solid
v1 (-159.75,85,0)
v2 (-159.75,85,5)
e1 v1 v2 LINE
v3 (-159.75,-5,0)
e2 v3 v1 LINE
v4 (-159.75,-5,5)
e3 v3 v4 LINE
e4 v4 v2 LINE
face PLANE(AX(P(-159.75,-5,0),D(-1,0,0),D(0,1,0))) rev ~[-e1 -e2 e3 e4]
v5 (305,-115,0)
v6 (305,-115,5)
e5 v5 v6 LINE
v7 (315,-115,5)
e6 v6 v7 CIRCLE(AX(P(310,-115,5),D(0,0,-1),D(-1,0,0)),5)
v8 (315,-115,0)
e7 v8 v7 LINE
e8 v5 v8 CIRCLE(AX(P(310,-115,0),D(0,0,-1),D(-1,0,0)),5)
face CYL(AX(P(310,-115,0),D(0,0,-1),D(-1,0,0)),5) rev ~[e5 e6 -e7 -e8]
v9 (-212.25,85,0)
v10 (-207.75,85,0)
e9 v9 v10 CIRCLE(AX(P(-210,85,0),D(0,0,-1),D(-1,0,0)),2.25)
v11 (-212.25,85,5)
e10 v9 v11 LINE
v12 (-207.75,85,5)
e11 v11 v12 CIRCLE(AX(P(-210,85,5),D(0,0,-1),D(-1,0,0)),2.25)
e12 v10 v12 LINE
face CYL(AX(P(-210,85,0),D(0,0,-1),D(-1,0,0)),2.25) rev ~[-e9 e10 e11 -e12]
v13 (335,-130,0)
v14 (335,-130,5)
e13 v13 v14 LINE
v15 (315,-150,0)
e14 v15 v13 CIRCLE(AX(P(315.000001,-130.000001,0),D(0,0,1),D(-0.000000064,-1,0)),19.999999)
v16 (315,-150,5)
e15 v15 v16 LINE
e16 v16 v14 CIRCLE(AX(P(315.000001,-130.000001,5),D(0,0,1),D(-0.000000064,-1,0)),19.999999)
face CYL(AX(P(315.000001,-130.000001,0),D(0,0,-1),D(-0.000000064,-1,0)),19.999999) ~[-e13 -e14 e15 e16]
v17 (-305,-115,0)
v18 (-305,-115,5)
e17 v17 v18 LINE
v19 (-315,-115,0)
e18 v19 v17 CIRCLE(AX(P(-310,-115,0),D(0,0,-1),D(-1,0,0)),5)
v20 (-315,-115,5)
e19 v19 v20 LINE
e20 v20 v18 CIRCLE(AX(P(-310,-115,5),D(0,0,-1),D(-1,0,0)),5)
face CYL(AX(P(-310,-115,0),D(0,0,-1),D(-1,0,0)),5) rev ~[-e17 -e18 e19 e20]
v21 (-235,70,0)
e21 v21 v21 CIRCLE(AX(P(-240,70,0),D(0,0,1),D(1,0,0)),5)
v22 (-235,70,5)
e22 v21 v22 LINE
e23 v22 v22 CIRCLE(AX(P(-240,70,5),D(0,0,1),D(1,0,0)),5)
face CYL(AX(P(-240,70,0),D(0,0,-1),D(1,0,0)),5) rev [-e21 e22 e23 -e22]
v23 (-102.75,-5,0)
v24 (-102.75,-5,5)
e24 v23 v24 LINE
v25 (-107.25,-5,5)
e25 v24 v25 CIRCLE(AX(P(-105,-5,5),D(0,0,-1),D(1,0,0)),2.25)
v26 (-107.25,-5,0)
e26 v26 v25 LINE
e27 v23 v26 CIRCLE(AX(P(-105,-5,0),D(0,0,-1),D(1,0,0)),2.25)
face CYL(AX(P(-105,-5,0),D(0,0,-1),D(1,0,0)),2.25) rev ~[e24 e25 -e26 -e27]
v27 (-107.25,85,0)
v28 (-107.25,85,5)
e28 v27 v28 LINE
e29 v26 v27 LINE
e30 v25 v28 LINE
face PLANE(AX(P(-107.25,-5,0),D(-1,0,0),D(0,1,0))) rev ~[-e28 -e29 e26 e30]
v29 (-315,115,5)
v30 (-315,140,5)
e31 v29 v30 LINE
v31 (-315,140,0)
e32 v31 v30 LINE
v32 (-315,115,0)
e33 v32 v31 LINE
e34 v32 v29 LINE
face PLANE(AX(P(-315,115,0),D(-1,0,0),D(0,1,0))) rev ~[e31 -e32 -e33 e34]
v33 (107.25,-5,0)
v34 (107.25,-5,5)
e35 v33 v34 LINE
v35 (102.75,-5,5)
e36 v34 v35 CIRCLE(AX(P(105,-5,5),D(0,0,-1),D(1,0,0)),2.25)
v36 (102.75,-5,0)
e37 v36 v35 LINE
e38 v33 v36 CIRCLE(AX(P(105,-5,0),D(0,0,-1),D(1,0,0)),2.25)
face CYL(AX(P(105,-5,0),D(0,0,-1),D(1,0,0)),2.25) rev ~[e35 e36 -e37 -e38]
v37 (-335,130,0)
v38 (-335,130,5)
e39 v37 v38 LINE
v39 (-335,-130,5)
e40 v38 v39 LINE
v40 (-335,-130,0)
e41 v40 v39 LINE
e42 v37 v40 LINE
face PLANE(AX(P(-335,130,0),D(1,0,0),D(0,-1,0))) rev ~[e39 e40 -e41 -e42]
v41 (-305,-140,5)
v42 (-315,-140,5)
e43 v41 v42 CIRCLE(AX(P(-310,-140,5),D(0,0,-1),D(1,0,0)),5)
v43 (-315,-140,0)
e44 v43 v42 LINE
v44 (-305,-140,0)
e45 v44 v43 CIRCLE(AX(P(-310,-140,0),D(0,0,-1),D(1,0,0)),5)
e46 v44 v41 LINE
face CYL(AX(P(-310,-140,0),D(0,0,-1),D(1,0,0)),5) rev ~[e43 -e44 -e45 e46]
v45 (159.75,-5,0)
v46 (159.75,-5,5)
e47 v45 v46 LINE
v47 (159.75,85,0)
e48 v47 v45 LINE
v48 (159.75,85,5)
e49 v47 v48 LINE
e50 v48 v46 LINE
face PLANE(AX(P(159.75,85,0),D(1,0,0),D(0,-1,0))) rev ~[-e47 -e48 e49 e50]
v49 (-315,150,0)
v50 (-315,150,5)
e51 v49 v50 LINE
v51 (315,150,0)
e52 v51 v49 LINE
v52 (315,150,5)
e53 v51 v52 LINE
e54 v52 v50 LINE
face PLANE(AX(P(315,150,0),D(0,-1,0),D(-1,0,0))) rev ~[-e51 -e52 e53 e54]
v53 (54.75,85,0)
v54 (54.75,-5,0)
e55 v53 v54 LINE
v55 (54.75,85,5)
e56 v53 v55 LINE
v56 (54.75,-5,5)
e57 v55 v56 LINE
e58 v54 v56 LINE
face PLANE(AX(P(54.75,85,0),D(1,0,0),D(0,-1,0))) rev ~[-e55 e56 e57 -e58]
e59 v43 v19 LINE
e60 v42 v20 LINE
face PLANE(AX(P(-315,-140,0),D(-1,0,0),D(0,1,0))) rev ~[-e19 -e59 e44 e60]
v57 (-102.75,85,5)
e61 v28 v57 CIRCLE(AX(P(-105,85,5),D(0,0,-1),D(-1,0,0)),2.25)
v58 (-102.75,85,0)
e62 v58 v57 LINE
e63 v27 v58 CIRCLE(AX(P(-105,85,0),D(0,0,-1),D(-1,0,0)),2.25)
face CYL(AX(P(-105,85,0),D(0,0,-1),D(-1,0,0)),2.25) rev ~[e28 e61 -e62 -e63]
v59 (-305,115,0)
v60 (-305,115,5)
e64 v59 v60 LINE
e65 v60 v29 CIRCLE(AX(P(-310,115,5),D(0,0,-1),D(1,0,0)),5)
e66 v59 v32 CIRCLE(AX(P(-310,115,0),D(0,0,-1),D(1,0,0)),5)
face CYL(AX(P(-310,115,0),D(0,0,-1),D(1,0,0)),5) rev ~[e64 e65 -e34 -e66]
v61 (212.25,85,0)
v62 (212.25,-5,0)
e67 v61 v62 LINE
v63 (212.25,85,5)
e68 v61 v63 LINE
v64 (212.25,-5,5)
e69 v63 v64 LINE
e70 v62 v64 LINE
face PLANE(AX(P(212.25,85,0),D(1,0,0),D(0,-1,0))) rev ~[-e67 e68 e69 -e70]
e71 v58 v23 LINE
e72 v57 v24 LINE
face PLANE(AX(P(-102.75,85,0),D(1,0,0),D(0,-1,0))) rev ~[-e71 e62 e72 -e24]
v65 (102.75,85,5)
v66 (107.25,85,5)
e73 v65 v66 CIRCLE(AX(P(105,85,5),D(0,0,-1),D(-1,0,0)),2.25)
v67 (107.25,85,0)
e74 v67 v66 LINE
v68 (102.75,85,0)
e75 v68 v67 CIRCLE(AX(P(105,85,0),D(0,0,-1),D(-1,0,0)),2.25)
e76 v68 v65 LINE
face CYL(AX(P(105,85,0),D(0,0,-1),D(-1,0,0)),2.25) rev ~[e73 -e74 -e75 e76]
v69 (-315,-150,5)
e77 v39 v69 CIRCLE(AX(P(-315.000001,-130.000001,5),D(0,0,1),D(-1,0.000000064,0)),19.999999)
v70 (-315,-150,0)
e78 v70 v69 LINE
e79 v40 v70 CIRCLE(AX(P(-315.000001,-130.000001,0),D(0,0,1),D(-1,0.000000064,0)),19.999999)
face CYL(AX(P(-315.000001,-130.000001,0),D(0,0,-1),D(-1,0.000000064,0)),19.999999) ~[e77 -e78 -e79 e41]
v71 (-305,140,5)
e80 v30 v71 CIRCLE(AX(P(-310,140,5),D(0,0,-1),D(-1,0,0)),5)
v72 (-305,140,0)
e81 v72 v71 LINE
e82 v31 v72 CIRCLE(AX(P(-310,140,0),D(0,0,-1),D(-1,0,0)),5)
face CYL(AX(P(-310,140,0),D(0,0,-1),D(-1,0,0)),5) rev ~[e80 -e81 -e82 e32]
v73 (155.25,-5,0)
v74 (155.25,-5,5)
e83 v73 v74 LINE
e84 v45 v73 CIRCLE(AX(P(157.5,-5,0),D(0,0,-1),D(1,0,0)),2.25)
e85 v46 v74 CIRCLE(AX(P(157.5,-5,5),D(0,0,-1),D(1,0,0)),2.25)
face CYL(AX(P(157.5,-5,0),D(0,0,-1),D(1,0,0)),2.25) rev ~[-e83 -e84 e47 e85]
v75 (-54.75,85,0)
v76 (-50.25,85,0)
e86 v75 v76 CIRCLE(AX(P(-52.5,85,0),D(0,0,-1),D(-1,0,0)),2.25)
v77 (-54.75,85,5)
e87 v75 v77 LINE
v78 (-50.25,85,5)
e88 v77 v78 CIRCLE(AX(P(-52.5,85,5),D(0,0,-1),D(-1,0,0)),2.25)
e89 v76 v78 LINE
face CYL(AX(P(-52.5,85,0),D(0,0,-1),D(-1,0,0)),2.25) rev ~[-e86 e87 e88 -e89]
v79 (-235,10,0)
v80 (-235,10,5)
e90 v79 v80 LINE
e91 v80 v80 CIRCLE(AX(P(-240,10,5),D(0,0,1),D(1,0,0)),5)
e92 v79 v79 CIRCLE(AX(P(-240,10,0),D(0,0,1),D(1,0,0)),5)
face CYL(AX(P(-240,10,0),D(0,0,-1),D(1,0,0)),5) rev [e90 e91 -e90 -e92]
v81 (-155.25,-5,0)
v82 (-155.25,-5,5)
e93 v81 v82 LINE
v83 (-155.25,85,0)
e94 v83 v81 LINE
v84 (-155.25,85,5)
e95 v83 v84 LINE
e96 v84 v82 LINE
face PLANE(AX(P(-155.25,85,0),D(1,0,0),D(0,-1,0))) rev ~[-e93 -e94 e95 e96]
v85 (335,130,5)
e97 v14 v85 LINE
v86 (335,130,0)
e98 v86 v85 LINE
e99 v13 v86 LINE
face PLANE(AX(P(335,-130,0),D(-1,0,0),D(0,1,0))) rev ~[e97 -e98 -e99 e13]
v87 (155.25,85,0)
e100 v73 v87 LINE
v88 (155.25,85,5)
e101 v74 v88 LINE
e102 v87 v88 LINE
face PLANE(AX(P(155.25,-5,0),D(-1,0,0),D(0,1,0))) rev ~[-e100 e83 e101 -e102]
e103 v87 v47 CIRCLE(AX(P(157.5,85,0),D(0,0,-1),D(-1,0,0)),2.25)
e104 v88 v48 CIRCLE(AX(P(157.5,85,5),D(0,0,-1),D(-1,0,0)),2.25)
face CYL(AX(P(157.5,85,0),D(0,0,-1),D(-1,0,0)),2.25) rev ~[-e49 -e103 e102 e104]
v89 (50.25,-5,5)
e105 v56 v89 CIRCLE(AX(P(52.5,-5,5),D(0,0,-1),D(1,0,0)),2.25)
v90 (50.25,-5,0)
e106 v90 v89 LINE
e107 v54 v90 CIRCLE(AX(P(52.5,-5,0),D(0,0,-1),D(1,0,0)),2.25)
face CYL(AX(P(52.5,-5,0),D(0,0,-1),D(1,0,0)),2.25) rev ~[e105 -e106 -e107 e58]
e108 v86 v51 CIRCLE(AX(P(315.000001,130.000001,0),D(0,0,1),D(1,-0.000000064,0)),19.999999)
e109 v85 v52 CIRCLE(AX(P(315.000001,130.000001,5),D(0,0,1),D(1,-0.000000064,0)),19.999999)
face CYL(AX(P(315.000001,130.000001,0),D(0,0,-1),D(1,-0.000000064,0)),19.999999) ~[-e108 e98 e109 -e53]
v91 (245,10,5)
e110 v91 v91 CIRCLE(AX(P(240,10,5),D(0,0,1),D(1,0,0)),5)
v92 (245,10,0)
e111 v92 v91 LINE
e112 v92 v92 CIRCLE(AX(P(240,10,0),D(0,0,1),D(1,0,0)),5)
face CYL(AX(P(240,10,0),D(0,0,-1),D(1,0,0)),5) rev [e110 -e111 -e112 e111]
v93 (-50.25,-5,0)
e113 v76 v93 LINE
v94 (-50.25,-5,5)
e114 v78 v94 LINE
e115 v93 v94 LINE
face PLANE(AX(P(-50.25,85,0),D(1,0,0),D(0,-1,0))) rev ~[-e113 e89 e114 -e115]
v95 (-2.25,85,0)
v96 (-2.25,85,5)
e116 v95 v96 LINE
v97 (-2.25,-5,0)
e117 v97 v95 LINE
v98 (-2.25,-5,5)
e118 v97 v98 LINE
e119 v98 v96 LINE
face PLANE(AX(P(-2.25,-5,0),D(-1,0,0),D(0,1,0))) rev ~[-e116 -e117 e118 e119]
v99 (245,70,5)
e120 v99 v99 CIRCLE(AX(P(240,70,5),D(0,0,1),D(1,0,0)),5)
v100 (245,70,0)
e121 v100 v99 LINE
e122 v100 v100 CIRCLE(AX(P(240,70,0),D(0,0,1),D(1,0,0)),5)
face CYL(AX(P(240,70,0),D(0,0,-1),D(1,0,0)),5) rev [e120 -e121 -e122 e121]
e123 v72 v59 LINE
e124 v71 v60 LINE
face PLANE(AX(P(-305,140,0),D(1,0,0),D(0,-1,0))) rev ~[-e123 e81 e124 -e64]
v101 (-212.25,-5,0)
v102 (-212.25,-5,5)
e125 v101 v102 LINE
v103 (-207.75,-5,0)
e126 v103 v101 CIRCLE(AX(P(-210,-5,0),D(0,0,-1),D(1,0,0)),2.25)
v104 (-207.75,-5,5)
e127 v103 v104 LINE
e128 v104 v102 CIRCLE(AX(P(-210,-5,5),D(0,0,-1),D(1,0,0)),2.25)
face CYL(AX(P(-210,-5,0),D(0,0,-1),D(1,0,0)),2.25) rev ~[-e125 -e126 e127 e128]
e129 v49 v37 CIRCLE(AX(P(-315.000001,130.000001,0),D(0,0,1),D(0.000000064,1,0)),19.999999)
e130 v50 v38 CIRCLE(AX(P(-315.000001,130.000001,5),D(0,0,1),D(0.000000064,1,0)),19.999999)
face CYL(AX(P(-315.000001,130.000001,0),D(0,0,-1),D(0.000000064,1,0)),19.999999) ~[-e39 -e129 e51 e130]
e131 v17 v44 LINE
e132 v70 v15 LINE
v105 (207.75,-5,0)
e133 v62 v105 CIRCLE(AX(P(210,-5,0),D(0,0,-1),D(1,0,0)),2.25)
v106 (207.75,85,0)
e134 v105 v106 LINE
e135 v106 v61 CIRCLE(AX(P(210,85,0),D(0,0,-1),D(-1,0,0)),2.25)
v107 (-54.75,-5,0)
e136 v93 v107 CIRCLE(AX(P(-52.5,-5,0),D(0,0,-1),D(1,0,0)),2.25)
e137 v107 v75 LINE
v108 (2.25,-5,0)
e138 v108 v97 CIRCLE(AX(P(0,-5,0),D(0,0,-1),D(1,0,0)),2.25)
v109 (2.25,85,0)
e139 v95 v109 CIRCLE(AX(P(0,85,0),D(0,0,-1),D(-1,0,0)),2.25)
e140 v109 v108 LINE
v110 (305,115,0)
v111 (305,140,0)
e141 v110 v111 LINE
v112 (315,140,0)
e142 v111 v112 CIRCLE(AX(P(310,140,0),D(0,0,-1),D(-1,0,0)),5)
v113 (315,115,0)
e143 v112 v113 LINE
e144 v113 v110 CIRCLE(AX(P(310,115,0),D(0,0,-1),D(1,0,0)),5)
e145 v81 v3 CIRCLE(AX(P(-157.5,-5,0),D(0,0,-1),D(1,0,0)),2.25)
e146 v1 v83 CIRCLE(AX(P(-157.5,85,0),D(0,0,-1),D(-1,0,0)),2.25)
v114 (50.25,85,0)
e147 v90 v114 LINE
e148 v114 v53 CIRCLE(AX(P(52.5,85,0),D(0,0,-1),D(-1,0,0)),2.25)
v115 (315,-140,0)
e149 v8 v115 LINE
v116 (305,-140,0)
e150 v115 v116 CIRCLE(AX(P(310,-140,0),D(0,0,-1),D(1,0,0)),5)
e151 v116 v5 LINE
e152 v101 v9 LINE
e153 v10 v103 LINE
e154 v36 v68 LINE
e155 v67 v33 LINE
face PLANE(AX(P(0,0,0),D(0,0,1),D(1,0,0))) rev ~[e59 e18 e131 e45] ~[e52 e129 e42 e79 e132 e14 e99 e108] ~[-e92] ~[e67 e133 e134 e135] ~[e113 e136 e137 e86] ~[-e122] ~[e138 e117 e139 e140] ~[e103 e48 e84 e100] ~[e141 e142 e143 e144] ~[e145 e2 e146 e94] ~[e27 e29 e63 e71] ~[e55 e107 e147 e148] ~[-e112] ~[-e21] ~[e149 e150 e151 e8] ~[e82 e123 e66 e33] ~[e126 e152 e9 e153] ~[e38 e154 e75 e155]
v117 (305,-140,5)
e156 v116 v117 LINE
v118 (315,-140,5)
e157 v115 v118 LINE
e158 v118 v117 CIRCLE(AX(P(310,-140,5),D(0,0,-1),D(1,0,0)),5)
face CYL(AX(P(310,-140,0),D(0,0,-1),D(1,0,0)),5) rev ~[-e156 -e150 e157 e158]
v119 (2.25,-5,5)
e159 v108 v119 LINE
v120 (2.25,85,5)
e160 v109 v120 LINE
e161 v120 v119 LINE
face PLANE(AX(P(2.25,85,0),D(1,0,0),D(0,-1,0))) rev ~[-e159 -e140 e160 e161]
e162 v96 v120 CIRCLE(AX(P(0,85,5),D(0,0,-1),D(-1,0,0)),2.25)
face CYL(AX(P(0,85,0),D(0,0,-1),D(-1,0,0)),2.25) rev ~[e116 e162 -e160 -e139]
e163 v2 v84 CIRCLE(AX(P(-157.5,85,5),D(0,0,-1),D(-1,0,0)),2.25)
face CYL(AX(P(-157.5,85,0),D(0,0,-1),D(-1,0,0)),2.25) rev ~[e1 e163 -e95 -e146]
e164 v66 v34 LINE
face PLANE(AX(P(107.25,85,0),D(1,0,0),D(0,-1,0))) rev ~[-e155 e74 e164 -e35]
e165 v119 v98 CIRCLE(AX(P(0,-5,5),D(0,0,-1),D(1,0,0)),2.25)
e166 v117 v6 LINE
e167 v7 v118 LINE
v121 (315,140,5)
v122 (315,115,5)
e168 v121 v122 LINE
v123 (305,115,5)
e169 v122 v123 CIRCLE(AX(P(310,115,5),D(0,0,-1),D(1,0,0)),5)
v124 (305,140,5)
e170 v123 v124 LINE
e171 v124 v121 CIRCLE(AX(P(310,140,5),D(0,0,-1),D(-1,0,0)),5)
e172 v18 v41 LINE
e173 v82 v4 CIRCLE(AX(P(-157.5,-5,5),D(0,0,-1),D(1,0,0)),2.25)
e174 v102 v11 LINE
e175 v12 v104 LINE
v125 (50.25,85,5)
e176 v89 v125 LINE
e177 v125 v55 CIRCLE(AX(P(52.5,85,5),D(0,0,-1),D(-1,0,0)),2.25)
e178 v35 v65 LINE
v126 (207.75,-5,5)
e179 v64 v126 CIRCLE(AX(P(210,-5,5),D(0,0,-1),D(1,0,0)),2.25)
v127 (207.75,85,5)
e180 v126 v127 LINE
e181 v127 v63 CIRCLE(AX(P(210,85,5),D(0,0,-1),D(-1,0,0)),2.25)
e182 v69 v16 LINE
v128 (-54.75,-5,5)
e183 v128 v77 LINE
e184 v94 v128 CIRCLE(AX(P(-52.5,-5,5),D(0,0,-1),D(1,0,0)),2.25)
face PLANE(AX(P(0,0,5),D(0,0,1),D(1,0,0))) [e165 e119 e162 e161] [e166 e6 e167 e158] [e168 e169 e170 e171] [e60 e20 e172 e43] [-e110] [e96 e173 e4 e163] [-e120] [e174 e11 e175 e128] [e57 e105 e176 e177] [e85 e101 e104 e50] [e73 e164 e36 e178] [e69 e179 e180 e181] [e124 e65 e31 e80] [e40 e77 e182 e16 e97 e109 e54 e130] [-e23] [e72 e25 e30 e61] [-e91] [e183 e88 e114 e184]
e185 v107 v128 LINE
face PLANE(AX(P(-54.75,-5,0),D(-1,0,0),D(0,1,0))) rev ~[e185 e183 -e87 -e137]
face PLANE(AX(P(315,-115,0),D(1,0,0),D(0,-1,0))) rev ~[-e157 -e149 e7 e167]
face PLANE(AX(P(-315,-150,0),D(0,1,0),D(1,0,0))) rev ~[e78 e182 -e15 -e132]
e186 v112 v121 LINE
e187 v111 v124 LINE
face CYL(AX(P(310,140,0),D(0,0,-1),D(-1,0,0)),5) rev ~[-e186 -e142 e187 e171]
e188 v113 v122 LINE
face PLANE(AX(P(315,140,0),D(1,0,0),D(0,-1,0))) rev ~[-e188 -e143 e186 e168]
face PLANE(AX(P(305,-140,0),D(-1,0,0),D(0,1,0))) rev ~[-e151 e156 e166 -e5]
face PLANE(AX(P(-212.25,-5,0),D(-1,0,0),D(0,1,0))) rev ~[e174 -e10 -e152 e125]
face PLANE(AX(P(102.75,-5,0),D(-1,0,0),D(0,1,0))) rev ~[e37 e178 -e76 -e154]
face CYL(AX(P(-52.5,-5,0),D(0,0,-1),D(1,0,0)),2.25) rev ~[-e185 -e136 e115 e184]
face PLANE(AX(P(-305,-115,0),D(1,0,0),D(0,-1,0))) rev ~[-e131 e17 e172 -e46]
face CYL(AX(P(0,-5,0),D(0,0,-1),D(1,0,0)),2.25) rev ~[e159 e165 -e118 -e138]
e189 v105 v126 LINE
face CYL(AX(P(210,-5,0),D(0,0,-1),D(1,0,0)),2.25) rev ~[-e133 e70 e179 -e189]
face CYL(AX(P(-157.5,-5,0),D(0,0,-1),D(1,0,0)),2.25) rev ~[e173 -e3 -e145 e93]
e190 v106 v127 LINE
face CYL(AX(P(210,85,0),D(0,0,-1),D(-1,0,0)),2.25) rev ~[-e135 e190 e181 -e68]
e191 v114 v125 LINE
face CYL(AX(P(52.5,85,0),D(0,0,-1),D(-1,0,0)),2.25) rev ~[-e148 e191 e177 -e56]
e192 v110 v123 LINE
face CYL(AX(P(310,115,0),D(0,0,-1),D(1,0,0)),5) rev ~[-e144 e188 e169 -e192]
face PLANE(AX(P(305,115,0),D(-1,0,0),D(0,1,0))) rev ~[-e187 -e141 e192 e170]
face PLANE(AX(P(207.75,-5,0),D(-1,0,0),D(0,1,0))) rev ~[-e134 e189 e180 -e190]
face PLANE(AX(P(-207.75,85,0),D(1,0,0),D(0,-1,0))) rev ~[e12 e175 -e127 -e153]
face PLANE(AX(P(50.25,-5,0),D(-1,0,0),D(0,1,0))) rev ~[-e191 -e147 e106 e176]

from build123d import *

# Parameters (mm, degrees)
F0_R     = 5
F1_DEPTH = 5


with BuildPart() as f1:
    # F0 (on Top) → F1 (new body)
    with BuildSketch(Plane.XY):
        with BuildLine():
            Line((315, 150), (-315, 150))
            ThreePointArc((-315, 150), (-329.142136, 144.142136), (-335, 130))
            Line((-335, 130), (-335, -130))
            ThreePointArc((-335, -130), (-329.142136, -144.142136), (-315, -150))
            Line((-315, -150), (315, -150))
            ThreePointArc((315, -150), (329.142136, -144.142136), (335, -130))
            Line((335, -130), (335, 130))
            ThreePointArc((335, 130), (329.142136, 144.142136), (315, 150))
        make_face()
        with BuildLine():
            Line((-315, -140), (-315, -115))
            ThreePointArc((-315, -115), (-310, -110), (-305, -115))
            Line((-305, -115), (-305, -140))
            ThreePointArc((-305, -140), (-310, -145), (-315, -140))
        make_face(mode=Mode.SUBTRACT)
        with BuildLine():
            ThreePointArc((305, -115), (310, -110), (315, -115))
            Line((315, -115), (315, -140))
            ThreePointArc((315, -140), (310, -145), (305, -140))
            Line((305, -140), (305, -115))
        make_face(mode=Mode.SUBTRACT)
        with Locations((-240, 10)):
            Circle(F0_R, mode=Mode.SUBTRACT)
        with BuildLine():
            ThreePointArc((-207.75, -5), (-210, -7.25), (-212.25, -5))
            Line((-212.25, -5), (-212.25, 85))
            ThreePointArc((-212.25, 85), (-210, 87.25), (-207.75, 85))
            Line((-207.75, 85), (-207.75, -5))
        make_face(mode=Mode.SUBTRACT)
        with Locations((-240, 70)):
            Circle(F0_R, mode=Mode.SUBTRACT)
        with BuildLine():
            ThreePointArc((-159.75, 85), (-157.5, 87.25), (-155.25, 85))
            Line((-155.25, 85), (-155.25, -5))
            ThreePointArc((-155.25, -5), (-157.5, -7.25), (-159.75, -5))
            Line((-159.75, -5), (-159.75, 85))
        make_face(mode=Mode.SUBTRACT)
        with BuildLine():
            ThreePointArc((-107.25, 85), (-105, 87.25), (-102.75, 85))
            Line((-102.75, 85), (-102.75, -5))
            ThreePointArc((-102.75, -5), (-105, -7.25), (-107.25, -5))
            Line((-107.25, -5), (-107.25, 85))
        make_face(mode=Mode.SUBTRACT)
        with BuildLine():
            ThreePointArc((-54.75, 85), (-52.5, 87.25), (-50.25, 85))
            Line((-50.25, 85), (-50.25, -5))
            ThreePointArc((-50.25, -5), (-52.5, -7.25), (-54.75, -5))
            Line((-54.75, -5), (-54.75, 85))
        make_face(mode=Mode.SUBTRACT)
        with BuildLine():
            ThreePointArc((-315, 140), (-310, 145), (-305, 140))
            Line((-305, 140), (-305, 115))
            ThreePointArc((-305, 115), (-310, 110), (-315, 115))
            Line((-315, 115), (-315, 140))
        make_face(mode=Mode.SUBTRACT)
        with BuildLine():
            ThreePointArc((-2.25, 85), (0, 87.25), (2.25, 85))
            Line((2.25, 85), (2.25, -5))
            ThreePointArc((2.25, -5), (0, -7.25), (-2.25, -5))
            Line((-2.25, -5), (-2.25, 85))
        make_face(mode=Mode.SUBTRACT)
        with BuildLine():
            ThreePointArc((50.25, 85), (52.5, 87.25), (54.75, 85))
            Line((54.75, 85), (54.75, -5))
            ThreePointArc((54.75, -5), (52.5, -7.25), (50.25, -5))
            Line((50.25, -5), (50.25, 85))
        make_face(mode=Mode.SUBTRACT)
        with BuildLine():
            ThreePointArc((102.75, 85), (105, 87.25), (107.25, 85))
            Line((107.25, 85), (107.25, -5))
            ThreePointArc((107.25, -5), (105, -7.25), (102.75, -5))
            Line((102.75, -5), (102.75, 85))
        make_face(mode=Mode.SUBTRACT)
        with BuildLine():
            ThreePointArc((155.25, 85), (157.5, 87.25), (159.75, 85))
            Line((159.75, 85), (159.75, -5))
            ThreePointArc((159.75, -5), (157.5, -7.25), (155.25, -5))
            Line((155.25, -5), (155.25, 85))
        make_face(mode=Mode.SUBTRACT)
        with Locations((240, 10)):
            Circle(F0_R, mode=Mode.SUBTRACT)
        with BuildLine():
            ThreePointArc((207.75, 85), (210, 87.25), (212.25, 85))
            Line((212.25, 85), (212.25, -5))
            ThreePointArc((212.25, -5), (210, -7.25), (207.75, -5))
            Line((207.75, -5), (207.75, 85))
        make_face(mode=Mode.SUBTRACT)
        with Locations((240, 70)):
            Circle(F0_R, mode=Mode.SUBTRACT)
        with BuildLine():
            Line((315, 140), (315, 115))
            ThreePointArc((315, 115), (310, 110), (305, 115))
            Line((305, 115), (305, 140))
            ThreePointArc((305, 140), (310, 145), (315, 140))
        make_face(mode=Mode.SUBTRACT)
    extrude(amount=F1_DEPTH)


solid = f1.part
